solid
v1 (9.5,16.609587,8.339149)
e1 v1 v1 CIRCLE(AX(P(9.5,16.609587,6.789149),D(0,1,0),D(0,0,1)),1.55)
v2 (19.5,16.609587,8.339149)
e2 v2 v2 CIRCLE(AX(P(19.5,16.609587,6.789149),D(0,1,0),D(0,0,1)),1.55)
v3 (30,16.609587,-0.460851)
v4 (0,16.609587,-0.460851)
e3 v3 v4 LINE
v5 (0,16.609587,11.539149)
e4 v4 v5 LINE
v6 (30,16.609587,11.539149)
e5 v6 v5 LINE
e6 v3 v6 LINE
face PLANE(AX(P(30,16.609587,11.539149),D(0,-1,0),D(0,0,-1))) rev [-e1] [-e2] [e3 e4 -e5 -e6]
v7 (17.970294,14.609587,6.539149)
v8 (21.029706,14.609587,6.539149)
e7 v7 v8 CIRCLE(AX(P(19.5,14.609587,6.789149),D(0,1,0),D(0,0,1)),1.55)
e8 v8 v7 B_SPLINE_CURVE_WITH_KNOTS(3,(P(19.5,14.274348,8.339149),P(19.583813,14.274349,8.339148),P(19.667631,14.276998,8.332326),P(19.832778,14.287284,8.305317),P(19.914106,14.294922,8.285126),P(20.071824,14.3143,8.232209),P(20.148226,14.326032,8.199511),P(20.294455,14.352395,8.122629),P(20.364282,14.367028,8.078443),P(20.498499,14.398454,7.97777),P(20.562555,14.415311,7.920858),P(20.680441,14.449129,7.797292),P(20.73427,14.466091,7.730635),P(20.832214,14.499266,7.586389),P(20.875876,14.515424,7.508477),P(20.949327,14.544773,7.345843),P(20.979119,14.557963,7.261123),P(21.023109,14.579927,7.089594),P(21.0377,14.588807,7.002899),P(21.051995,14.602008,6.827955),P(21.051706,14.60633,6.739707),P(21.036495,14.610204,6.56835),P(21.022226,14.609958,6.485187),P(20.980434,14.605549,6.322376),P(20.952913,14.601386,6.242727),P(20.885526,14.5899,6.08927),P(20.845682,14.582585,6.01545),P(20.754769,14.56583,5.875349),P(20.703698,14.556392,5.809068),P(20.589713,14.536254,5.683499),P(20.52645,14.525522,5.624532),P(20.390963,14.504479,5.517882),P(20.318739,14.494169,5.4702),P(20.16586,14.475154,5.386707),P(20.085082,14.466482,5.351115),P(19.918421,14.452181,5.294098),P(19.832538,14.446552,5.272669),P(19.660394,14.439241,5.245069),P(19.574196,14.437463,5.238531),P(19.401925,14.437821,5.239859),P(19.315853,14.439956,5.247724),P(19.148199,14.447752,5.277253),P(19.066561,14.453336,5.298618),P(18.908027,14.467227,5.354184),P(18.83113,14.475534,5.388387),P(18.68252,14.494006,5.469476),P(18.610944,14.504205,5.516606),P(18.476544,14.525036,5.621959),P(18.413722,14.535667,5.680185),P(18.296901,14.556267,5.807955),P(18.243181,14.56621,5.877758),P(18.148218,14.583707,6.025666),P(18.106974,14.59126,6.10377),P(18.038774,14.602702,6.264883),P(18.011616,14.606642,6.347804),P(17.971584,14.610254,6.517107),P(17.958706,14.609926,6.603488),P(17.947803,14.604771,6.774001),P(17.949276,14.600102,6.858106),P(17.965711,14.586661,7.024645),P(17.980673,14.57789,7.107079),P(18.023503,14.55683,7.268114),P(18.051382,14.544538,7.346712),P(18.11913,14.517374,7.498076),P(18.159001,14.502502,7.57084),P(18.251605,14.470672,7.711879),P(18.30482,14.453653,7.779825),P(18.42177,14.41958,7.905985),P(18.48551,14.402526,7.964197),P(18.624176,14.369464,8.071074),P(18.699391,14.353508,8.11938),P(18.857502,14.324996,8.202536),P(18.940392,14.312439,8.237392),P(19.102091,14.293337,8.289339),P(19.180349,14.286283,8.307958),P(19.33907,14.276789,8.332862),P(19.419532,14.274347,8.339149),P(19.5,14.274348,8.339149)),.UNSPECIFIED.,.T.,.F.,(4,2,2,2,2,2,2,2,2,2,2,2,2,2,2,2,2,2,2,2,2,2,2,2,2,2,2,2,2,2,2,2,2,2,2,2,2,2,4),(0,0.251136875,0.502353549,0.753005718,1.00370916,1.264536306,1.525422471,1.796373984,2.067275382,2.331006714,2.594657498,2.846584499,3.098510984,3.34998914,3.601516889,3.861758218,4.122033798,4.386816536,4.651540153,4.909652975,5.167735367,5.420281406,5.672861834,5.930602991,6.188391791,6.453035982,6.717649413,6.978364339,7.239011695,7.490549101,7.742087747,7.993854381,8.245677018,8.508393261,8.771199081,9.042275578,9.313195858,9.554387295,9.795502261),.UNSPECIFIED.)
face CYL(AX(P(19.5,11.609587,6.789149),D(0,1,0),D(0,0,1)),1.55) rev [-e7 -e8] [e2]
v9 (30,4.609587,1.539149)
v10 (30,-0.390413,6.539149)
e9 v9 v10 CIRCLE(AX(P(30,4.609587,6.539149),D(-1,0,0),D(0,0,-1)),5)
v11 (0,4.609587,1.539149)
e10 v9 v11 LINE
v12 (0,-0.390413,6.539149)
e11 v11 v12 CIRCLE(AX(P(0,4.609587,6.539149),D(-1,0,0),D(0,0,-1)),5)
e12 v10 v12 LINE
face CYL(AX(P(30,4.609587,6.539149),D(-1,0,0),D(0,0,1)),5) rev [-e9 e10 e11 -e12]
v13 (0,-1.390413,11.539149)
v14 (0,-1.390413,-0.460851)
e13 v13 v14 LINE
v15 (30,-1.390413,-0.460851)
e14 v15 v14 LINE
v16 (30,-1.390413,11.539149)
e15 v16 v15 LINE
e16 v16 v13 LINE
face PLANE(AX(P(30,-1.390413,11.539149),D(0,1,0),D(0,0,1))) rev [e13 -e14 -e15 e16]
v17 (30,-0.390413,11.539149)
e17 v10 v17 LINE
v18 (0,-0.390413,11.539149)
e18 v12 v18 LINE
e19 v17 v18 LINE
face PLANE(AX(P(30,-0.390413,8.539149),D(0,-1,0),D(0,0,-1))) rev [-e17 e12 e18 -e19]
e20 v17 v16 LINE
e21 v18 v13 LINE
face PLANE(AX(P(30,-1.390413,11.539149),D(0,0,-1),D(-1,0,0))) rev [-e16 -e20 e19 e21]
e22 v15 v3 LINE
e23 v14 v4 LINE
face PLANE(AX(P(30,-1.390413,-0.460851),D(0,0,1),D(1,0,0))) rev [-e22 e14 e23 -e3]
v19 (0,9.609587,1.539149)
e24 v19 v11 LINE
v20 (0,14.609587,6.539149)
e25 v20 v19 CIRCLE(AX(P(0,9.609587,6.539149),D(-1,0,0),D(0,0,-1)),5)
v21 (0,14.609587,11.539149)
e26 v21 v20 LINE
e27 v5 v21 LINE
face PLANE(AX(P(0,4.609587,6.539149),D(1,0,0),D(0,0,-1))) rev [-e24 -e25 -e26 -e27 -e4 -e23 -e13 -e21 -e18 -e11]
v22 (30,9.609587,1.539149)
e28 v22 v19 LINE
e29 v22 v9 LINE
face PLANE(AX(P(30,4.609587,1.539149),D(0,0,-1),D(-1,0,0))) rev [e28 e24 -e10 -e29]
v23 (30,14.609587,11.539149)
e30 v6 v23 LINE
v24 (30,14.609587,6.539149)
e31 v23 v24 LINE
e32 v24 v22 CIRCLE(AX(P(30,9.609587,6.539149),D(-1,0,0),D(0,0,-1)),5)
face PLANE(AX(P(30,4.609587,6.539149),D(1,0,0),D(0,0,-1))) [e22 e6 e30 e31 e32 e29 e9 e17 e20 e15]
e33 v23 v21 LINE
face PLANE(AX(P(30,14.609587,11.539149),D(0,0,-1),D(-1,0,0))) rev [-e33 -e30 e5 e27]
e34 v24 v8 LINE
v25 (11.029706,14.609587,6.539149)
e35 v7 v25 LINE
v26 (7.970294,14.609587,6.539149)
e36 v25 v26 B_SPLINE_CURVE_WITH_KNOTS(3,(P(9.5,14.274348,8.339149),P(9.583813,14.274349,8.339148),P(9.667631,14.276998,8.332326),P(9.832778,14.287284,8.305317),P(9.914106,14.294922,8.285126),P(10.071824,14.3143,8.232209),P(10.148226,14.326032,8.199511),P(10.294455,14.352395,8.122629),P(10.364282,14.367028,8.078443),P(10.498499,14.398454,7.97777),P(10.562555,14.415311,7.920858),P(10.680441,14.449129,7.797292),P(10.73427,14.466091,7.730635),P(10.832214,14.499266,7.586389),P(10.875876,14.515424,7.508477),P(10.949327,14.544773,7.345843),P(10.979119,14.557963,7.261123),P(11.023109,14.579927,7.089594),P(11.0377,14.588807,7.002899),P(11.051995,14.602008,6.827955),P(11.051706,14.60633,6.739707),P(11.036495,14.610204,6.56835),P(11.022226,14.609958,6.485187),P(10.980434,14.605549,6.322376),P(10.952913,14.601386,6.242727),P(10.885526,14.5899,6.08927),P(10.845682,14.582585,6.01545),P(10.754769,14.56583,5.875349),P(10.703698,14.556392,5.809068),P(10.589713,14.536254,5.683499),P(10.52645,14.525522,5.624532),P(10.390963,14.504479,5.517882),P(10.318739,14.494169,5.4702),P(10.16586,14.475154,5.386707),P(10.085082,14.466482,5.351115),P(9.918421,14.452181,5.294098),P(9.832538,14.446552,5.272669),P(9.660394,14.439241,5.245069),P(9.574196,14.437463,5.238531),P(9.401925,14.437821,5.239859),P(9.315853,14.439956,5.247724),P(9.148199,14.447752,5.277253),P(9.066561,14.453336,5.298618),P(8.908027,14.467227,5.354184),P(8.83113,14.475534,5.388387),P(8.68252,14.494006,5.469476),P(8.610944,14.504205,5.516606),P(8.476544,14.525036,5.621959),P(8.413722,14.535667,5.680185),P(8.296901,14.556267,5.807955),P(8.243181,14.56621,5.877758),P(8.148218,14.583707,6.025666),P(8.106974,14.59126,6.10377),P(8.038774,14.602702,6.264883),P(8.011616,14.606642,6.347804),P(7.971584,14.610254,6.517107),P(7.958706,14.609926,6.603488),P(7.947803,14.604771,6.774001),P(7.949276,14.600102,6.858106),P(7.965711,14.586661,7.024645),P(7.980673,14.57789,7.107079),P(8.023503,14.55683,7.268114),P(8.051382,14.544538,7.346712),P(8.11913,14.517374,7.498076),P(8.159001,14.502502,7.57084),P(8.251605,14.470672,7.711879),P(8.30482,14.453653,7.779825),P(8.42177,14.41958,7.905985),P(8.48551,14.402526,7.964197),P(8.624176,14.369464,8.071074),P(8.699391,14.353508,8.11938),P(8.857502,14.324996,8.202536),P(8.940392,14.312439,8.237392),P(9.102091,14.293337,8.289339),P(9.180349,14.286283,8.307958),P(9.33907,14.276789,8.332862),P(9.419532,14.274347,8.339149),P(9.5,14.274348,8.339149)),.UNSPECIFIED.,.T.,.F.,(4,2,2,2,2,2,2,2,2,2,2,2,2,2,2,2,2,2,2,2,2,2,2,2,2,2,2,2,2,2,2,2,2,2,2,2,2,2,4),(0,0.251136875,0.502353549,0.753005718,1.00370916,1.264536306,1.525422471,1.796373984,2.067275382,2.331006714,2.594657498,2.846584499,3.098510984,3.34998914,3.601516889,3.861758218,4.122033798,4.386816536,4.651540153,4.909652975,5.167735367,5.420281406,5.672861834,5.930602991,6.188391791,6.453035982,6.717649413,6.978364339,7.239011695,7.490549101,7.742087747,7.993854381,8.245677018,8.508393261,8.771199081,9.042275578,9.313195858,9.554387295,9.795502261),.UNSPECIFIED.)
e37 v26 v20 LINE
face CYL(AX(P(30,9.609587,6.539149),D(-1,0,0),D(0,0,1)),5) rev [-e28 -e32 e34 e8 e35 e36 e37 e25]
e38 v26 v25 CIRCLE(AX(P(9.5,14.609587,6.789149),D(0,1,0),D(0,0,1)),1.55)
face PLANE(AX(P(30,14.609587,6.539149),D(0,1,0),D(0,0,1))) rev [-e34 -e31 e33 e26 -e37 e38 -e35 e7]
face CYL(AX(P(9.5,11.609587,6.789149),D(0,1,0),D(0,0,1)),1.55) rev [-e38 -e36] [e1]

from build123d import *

# Parameters (mm, degrees)
BOSS_EXTRUDE1_DEPTH = 30
SKETCH2_R           = 1.55
CUT_EXTRUDE1_DEPTH  = 5


with BuildPart() as part:
    # Sketch1 → Boss-Extrude1 (new body)
    with BuildSketch(Plane(origin=(0, 0, 0), x_dir=(0, 0, -1), z_dir=(1, 0, 0))):
        with BuildLine():
            Line((-6.539148929, 14.609586507), (-11.539148929, 14.609586507))
            Line((-11.539148929, 14.609586507), (-11.539148929, 16.609586507))
            Line((-11.539148929, 16.609586507), (0.460851071, 16.609586507))
            Line((0.460851071, 16.609586507), (0.460851071, -1.390413493))
            Line((0.460851071, -1.390413493), (-11.539148929, -1.390413493))
            Line((-11.539148929, -1.390413493), (-11.539148929, -0.390413493))
            Line((-11.539148929, -0.390413493), (-8.539148929, -0.390413493))
            Line((-8.539148929, -0.390413493), (-6.539148929, -0.390413493))
            ThreePointArc((-6.539148929, -0.390413493), (-3.003615023, 1.074052601), (-1.539148929, 4.609586507))
            Line((-1.539148929, 4.609586507), (-1.539148929, 9.609586507))
            ThreePointArc((-1.539148929, 9.609586507), (-3.003615023, 13.145120413), (-6.539148929, 14.609586507))
        make_face()
    extrude(amount=BOSS_EXTRUDE1_DEPTH)

    # Sketch2 → Cut-Extrude1 (cut)
    with BuildSketch(Plane(origin=(0, 16.609586507, 0), x_dir=(1, 0, 0), z_dir=(0, 1, 0))):
        with Locations((-10.5, -6.789148929)):
            Circle(SKETCH2_R)
        with Locations((-20.5, -6.789148929)):
            Circle(SKETCH2_R)
        with Locations(Location((9.5, -6.789148929, 0), (0, 0, 270))):
            Circle(SKETCH2_R)
        with Locations(Location((19.5, -6.789148929, 0), (0, 0, 270))):
            Circle(SKETCH2_R)
    extrude(amount=-CUT_EXTRUDE1_DEPTH, mode=Mode.SUBTRACT)


solid = part.part
